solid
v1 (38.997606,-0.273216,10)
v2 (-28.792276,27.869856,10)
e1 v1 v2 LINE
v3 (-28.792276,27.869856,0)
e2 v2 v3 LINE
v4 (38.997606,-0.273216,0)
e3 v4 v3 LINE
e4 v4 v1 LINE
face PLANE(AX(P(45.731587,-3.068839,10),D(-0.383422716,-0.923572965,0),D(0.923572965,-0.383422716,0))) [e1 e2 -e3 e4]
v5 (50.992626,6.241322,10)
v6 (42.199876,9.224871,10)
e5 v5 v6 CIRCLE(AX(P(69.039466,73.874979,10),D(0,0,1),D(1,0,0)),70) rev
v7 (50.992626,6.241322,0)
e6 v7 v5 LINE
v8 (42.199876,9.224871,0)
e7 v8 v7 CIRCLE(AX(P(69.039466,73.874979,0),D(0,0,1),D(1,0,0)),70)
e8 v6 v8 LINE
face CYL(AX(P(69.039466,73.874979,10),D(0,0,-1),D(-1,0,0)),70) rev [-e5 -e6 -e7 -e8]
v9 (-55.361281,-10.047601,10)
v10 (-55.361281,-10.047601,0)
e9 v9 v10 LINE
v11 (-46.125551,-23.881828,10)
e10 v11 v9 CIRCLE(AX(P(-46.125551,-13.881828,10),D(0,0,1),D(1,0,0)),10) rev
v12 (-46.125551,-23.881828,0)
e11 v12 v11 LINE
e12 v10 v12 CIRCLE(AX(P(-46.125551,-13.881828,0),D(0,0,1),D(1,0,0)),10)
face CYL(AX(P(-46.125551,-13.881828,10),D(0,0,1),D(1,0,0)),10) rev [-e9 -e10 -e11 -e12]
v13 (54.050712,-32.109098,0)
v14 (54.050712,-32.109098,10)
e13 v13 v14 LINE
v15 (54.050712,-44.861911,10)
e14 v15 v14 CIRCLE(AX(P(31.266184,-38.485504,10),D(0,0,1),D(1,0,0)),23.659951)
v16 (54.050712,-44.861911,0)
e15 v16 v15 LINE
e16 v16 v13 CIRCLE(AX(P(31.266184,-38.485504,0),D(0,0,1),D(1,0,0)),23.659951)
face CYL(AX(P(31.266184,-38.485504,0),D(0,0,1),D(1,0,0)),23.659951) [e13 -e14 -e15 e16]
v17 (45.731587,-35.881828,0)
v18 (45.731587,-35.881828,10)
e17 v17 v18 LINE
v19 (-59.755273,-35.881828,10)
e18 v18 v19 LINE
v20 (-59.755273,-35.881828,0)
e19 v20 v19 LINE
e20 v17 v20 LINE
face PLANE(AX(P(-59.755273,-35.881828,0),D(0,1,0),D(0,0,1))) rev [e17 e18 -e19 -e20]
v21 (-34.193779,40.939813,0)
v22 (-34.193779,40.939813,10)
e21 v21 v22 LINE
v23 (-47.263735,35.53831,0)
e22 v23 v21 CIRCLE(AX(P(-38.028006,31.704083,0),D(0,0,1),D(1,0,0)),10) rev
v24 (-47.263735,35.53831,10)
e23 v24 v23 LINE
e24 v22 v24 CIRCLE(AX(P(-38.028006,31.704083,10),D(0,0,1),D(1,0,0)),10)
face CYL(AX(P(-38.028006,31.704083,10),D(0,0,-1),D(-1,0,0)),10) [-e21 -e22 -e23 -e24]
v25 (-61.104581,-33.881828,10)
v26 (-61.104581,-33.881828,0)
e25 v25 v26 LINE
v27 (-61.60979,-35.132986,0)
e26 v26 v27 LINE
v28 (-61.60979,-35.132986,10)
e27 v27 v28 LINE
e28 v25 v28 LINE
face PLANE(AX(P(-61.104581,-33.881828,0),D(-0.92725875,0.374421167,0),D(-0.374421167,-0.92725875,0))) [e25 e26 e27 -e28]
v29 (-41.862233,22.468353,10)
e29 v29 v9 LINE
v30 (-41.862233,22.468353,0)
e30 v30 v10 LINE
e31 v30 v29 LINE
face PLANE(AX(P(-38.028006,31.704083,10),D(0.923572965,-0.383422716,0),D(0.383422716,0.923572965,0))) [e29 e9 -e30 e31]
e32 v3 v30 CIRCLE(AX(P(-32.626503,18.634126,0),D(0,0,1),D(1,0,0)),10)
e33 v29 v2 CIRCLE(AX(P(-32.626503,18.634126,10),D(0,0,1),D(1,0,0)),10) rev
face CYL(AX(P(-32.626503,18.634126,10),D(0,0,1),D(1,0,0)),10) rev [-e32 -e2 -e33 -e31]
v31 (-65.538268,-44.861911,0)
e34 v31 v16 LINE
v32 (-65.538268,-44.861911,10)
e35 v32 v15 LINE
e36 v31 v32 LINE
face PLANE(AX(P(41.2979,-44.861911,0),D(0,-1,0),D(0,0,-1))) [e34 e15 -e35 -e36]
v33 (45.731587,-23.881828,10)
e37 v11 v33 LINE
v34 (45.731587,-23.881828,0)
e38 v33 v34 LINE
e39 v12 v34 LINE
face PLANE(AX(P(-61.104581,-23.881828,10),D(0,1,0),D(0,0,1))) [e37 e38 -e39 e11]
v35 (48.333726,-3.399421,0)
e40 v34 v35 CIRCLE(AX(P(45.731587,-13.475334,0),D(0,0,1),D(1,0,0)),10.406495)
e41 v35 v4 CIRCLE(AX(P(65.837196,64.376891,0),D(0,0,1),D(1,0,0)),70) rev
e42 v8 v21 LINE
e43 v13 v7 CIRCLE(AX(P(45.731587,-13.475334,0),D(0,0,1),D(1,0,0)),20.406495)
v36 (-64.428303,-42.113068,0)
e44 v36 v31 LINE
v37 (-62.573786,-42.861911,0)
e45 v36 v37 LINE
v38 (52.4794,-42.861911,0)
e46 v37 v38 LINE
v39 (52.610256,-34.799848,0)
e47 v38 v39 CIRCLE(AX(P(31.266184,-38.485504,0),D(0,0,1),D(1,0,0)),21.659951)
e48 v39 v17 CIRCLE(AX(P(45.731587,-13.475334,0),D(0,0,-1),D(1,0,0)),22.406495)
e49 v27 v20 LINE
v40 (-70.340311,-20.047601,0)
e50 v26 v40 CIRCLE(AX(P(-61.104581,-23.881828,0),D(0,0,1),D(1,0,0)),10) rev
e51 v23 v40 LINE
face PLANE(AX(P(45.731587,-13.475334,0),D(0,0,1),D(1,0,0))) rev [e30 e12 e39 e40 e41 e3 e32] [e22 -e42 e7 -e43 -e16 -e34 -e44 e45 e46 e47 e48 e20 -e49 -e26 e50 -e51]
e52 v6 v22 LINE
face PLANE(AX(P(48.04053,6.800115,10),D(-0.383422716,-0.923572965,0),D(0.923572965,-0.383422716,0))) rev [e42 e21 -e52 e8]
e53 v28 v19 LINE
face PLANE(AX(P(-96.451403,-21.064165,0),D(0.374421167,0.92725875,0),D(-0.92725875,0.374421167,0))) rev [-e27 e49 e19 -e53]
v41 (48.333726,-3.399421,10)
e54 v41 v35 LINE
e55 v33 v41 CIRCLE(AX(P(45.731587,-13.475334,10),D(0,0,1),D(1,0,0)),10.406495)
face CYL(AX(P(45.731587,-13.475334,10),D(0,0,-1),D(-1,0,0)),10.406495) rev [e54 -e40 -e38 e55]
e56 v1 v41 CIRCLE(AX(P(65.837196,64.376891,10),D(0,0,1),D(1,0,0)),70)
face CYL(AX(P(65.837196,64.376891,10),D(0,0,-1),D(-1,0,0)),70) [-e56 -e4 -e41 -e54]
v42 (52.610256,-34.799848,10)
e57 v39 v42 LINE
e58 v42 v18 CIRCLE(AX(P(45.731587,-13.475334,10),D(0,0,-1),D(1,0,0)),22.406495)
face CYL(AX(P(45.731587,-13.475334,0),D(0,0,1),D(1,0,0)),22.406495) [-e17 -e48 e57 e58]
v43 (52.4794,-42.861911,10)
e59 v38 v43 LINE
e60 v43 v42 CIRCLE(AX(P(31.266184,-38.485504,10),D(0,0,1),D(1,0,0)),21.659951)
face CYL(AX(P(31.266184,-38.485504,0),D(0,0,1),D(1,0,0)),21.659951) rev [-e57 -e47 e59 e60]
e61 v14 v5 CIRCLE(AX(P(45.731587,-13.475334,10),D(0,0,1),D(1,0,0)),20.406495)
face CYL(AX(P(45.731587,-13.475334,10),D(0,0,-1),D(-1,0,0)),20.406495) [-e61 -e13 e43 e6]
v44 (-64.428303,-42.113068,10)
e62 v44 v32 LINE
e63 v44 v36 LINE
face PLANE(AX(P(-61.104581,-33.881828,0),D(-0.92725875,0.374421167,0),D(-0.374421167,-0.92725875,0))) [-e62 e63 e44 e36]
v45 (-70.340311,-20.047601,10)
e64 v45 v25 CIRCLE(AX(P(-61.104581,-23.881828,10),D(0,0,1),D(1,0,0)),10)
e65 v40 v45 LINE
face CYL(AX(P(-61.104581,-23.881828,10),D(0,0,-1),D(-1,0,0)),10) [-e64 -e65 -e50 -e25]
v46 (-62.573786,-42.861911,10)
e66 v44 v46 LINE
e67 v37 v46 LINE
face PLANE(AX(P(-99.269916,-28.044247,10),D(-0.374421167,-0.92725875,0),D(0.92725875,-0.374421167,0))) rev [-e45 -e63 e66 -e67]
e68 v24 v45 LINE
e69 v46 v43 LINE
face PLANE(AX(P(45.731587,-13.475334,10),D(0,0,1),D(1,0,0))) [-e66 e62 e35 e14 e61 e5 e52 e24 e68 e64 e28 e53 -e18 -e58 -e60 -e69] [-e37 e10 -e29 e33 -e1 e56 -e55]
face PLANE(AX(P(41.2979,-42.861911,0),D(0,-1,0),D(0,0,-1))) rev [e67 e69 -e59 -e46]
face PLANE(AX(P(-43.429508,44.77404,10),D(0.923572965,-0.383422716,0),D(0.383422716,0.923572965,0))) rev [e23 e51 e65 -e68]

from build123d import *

# Parameters (mm, degrees)
BOSS_EXTRUDE3_DEPTH = 10
FILLET1_R           = 10
FILLET2_R           = 10
FILLET3_R           = 10
FILLET4_R           = 70
FILLET5_R           = 70
BOSS_EXTRUDE5_START = -10
BOSS_EXTRUDE5_DEPTH = 10
CUT_EXTRUDE1_REACH  = 123.684
SKETCH4_W           = 10
SKETCH4_H           = 7.527652991


with BuildPart() as part:
    # Sketch1 → Boss-Extrude3 (new body)
    with BuildSketch(Plane.XY):
        with BuildLine():
            Line((-76.083611013, -33.881828403), (45.731586831, -33.881828403))
            ThreePointArc((45.731586831, -33.881828403), (66.105293747, -14.631662941), (48.04052972, 6.80011497))
            Line((48.04052972, 6.80011497), (-43.429508159, 44.774039787))
            Line((-43.429508159, 44.774039787), (-76.083611013, -33.881828403))
        make_face()
        with BuildLine():
            Line((-61.104581002, -23.881828403), (45.731586831, -23.881828403))
            ThreePointArc((45.731586831, -23.881828403), (56.138081657, -13.475333577), (45.731586831, -3.068838752))
            Line((45.731586831, -3.068838752), (-38.028005668, 31.704082983))
            Line((-38.028005668, 31.704082983), (-61.104581002, -23.881828403))
        make_face(mode=Mode.SUBTRACT)
    extrude(amount=BOSS_EXTRUDE3_DEPTH)

    # Fillet1
    fillet1_edges = [part.edges().sort_by_distance(p)[0] for p in [
        (-76.083611013, -33.881828403, 5),
    ]]
    fillet(fillet1_edges, radius=FILLET1_R)

    # Fillet2
    fillet2_edges = [part.edges().sort_by_distance(p)[0] for p in [
        (-61.104581002, -23.881828403, 5),
    ]]
    fillet(fillet2_edges, radius=FILLET2_R)

    # Fillet3
    fillet3_edges = [part.edges().sort_by_distance(p)[0] for p in [
        (-38.028005668, 31.704082983, 5),
        (-43.429508159, 44.774039787, 5),
    ]]
    fillet(fillet3_edges, radius=FILLET3_R)

    # Fillet4
    fillet4_edges = [part.edges().sort_by_distance(p)[0] for p in [
        (48.04052972, 6.80011497, 5),
    ]]
    fillet(fillet4_edges, radius=FILLET4_R)

    # Fillet5
    fillet5_edges = [part.edges().sort_by_distance(p)[0] for p in [
        (45.731586831, -3.068838752, 5),
    ]]
    fillet(fillet5_edges, radius=FILLET5_R)

    # Sketch3 → Boss-Extrude5 (add)
    with BuildSketch(Plane.XY.offset(10).offset(BOSS_EXTRUDE5_START)):
        with BuildLine():
            Line((-61.104581002, -33.881828403), (45.731586831, -33.881828403))
            ThreePointArc((45.731586831, -33.881828403), (49.984539158, -33.433725987), (54.050711911, -32.109098334))
            ThreePointArc((54.050711911, -32.109098334), (54.926134679, -38.48550442), (54.050711911, -44.861910507))
            Line((54.050711911, -44.861910507), (41.297899737, -44.861910507))
            Line((41.297899737, -44.861910507), (-65.538268096, -44.861910507))
            Line((-65.538268096, -44.861910507), (-61.104581002, -33.881828403))
        make_face()
        with BuildLine():
            Line((-59.755272984, -35.881828403), (45.731586831, -35.881828403))
            ThreePointArc((45.731586831, -35.881828403), (49.213208875, -35.609680605), (52.610255818, -34.799848187))
            ThreePointArc((52.610255818, -34.799848187), (52.923282115, -38.83702206), (52.47940001, -42.861910507))
            Line((52.47940001, -42.861910507), (41.297899737, -42.861910507))
            Line((41.297899737, -42.861910507), (-62.5737856, -42.861910507))
            Line((-62.5737856, -42.861910507), (-59.755272984, -35.881828403))
        make_face(mode=Mode.SUBTRACT)
    extrude(amount=BOSS_EXTRUDE5_DEPTH)

    # Sketch4 → Cut-Extrude1 (cut, up to next)
    with BuildSketch(Plane(origin=(-38.920465473, 15.715835623, 0), x_dir=(0, 0, -1), z_dir=(0.9272587501851874, -0.37442116687629234, 0)), mode=Mode.PRIVATE) as cut_extrude1_sk1:
        with Locations((-5, -59.409204893)):
            Rectangle(SKETCH4_W, SKETCH4_H)
    cut_extrude1_tool1 = extrude(cut_extrude1_sk1.sketch, amount=-CUT_EXTRUDE1_REACH, mode=Mode.PRIVATE) & part.part
    add(cut_extrude1_tool1.solids().sort_by_distance((-61.164529, -39.371869, 5))[0], mode=Mode.SUBTRACT)


solid = part.part
